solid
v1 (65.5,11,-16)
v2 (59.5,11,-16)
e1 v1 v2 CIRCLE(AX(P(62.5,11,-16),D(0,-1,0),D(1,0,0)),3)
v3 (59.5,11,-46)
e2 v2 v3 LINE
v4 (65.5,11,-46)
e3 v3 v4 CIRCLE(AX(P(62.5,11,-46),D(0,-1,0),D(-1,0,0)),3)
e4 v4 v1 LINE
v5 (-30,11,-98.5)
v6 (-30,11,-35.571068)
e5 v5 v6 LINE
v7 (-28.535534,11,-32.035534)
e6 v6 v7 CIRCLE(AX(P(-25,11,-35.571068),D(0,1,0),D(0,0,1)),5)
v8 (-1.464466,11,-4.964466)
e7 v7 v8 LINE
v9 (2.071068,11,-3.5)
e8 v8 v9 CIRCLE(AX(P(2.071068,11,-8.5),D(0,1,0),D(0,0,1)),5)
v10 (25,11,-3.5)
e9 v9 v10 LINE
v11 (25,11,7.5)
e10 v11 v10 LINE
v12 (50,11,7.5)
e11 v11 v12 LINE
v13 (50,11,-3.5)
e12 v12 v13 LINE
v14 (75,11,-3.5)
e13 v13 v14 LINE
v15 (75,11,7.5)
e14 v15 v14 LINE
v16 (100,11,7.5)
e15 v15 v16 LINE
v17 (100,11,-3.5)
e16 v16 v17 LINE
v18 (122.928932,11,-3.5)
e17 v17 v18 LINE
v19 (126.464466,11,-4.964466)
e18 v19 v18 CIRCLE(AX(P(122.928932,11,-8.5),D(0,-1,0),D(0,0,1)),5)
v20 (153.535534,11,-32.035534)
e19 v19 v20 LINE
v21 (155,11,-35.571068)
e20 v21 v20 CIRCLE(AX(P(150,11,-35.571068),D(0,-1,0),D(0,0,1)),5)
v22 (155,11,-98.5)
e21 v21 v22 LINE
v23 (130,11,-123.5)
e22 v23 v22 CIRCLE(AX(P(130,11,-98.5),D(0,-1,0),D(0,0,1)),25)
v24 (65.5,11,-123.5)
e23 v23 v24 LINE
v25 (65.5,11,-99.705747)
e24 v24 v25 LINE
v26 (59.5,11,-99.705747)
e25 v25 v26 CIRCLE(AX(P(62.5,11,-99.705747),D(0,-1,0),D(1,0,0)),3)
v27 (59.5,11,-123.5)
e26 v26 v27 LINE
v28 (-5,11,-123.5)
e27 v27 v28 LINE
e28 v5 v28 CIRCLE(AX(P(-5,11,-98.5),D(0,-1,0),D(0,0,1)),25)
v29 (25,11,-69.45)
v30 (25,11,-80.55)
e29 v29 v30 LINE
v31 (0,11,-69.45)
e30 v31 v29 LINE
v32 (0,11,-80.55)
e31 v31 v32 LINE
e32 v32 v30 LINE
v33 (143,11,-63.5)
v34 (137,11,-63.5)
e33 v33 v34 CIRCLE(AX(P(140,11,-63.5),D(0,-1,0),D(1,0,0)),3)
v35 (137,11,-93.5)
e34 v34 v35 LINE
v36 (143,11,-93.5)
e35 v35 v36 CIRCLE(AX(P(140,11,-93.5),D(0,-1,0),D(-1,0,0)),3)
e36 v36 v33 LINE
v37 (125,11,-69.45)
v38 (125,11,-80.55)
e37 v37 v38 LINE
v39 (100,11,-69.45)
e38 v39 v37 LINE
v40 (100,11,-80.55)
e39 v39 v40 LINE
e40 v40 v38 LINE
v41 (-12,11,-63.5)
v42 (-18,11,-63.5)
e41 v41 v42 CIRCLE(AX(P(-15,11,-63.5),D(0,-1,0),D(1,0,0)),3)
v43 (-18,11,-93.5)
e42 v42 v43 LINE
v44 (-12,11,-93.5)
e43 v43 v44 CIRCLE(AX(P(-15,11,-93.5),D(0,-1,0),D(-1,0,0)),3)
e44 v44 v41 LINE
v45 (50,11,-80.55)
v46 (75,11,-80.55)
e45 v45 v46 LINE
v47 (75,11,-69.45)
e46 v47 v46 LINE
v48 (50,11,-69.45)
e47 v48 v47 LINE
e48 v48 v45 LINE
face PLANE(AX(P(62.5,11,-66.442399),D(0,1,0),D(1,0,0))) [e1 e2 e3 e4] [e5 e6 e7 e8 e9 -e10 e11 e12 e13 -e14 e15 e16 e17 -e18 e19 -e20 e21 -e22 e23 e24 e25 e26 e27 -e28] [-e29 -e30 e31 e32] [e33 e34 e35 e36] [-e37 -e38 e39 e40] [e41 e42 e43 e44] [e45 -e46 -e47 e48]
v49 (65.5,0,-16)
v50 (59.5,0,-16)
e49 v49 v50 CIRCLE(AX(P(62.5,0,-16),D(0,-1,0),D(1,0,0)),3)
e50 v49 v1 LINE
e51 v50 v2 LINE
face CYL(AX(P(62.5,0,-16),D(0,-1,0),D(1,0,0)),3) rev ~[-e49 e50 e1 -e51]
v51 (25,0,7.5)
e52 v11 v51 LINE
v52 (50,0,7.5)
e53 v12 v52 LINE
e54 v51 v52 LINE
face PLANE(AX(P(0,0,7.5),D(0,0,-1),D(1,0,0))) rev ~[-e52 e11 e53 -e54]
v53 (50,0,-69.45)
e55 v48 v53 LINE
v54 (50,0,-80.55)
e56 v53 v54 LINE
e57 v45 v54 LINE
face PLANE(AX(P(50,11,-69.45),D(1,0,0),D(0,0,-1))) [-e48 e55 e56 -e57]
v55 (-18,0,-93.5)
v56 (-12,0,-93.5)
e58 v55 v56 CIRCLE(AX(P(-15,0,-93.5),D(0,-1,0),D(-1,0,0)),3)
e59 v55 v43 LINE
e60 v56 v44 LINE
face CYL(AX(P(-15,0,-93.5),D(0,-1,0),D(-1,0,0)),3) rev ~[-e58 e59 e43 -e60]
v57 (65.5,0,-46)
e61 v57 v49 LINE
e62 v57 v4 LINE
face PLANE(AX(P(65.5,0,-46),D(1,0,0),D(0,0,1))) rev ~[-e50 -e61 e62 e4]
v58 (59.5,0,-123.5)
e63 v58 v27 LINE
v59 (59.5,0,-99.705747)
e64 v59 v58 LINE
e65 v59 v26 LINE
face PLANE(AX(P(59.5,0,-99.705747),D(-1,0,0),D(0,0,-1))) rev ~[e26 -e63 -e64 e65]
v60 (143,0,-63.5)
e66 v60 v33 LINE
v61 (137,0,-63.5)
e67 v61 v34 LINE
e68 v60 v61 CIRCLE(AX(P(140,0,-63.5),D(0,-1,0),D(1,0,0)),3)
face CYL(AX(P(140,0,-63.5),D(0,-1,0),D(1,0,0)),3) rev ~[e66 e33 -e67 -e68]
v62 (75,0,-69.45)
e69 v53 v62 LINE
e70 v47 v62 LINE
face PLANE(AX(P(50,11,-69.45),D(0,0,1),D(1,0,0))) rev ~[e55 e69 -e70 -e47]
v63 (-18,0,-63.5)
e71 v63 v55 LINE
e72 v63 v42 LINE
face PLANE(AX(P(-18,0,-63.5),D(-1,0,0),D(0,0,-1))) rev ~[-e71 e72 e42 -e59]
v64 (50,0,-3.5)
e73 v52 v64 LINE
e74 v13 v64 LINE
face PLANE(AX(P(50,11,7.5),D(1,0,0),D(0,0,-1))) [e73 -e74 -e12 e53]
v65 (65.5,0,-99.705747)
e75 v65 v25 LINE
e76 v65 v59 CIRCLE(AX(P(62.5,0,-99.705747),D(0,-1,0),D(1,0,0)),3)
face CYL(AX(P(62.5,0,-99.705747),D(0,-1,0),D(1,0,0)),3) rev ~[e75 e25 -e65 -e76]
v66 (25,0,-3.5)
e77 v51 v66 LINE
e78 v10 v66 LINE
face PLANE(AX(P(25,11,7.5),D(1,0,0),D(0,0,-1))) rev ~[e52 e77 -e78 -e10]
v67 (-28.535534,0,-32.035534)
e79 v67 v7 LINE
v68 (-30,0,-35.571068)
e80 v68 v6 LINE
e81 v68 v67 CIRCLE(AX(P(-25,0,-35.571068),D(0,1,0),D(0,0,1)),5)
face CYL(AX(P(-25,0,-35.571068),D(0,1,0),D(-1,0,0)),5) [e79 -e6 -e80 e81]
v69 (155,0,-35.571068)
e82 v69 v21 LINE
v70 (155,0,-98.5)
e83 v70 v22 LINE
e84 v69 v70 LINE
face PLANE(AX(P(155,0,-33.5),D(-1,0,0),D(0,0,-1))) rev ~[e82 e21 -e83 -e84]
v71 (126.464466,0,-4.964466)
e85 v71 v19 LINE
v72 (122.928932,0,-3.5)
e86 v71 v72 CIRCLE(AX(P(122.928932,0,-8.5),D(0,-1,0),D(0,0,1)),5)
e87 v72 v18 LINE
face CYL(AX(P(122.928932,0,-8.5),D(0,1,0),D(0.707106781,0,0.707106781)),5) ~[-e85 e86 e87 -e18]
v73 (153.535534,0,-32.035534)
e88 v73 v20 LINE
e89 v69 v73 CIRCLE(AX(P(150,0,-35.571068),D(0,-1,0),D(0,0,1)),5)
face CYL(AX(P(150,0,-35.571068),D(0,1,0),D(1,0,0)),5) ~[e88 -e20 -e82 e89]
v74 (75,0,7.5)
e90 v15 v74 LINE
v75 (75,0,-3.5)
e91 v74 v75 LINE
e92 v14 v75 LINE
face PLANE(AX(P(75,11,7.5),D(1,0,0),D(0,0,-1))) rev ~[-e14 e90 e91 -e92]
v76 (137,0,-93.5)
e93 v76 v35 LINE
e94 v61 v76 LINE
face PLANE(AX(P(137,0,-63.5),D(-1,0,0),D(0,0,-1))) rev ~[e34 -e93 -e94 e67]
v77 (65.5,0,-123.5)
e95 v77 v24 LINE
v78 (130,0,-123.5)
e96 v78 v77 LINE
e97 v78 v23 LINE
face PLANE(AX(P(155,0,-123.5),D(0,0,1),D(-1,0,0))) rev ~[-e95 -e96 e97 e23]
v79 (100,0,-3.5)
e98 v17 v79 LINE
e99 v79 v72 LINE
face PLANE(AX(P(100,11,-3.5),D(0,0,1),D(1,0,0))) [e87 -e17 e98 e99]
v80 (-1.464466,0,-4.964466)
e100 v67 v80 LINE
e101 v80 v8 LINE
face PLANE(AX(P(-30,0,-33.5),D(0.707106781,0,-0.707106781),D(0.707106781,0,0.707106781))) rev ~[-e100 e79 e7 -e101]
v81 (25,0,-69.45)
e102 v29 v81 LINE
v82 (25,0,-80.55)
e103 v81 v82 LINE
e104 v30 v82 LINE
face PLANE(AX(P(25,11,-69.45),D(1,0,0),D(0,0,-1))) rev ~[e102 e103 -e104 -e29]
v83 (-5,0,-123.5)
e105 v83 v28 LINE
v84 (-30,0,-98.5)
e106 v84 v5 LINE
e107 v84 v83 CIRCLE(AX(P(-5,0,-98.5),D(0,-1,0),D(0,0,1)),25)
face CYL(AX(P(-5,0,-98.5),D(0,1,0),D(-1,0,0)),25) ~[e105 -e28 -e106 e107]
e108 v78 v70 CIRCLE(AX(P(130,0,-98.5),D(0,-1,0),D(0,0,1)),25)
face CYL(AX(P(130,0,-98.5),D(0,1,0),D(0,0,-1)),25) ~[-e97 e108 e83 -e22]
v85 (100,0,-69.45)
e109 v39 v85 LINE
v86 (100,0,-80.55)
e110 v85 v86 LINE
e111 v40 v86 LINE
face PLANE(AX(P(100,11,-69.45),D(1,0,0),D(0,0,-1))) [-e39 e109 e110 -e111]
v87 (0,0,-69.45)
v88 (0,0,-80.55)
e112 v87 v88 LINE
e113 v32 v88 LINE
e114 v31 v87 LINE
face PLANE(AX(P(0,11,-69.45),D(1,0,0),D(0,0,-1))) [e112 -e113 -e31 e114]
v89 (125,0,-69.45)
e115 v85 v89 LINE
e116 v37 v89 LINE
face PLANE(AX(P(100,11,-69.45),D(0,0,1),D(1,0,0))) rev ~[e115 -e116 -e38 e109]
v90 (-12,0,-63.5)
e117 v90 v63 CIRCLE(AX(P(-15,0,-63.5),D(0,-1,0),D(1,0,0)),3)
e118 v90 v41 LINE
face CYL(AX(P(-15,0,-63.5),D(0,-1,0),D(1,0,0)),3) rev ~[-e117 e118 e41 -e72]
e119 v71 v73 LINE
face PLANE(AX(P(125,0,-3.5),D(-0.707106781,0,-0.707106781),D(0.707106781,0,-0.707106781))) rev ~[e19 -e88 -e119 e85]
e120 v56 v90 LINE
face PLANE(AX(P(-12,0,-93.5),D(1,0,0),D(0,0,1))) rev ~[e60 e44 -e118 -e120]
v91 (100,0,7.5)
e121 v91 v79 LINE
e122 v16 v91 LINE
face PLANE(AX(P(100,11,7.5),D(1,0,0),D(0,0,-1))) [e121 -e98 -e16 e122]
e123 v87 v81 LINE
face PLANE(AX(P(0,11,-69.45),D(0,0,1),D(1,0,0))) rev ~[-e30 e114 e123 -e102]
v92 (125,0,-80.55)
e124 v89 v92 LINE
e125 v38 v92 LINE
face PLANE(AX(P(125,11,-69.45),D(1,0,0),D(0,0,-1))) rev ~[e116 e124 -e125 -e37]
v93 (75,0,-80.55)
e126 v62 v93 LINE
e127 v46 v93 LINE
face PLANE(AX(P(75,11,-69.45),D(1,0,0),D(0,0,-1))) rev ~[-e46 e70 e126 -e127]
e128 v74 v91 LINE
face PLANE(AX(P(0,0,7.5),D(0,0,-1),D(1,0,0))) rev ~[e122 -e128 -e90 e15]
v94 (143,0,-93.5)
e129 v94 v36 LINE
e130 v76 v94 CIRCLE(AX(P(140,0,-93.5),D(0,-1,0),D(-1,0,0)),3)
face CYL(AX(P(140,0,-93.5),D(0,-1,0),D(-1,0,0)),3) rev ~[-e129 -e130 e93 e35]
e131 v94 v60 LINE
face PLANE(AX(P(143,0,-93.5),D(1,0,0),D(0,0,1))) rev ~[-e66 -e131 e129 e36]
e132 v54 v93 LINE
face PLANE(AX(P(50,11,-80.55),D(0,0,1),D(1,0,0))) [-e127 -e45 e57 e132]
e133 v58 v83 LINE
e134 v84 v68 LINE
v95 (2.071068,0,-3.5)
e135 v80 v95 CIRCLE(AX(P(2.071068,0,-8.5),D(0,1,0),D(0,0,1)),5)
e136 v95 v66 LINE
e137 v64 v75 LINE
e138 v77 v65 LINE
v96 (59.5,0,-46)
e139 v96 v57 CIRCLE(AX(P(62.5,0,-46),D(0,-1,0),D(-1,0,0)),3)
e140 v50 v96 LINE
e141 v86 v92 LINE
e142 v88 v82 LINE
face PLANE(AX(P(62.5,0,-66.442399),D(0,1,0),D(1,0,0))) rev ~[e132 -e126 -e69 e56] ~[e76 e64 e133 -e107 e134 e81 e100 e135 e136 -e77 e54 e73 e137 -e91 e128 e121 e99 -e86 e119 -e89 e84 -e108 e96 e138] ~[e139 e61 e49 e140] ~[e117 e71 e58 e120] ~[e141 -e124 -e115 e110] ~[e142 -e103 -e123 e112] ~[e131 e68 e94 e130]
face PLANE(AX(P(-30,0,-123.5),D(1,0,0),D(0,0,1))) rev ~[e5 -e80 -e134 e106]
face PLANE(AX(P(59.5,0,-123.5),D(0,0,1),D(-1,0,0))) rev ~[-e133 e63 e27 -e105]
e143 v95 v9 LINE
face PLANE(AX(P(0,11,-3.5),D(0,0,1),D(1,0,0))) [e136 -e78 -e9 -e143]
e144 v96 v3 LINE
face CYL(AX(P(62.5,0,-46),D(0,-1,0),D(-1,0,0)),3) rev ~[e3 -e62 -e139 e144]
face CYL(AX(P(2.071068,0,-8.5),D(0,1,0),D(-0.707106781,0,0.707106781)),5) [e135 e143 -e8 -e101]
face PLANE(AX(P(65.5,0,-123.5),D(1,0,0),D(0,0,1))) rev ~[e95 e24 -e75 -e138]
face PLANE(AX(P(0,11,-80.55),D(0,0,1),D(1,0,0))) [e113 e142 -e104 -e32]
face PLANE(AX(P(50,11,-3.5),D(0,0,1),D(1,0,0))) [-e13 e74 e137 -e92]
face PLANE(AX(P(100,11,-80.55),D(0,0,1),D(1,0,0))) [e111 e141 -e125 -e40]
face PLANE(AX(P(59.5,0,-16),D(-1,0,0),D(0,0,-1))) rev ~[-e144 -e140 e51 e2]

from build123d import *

# Parameters (mm, degrees)
BOSS_EXTRUDE6_DEPTH = 11
SKETCH4_W           = 25
SKETCH4_H           = 11
SKETCH4_H_2         = 11.1
CUT_EXTRUDE1_DEPTH  = 12
FILLET1_R           = 25
FILLET2_R           = 5


with BuildPart() as part:
    # Sketch1 → Boss-Extrude6 (new body)
    with BuildSketch(Plane(origin=(0, 0, 0), x_dir=(1, 0, 0), z_dir=(0, 1, 0))):
        with BuildLine():
            Line((0, -7.5), (125, -7.5))
            Line((125, -7.5), (125, 3.5))
            Line((125, 3.5), (155, 33.5))
            Line((155, 33.5), (155, 123.5))
            Line((155, 123.5), (65.5, 123.5))
            Line((65.5, 123.5), (65.5, 99.705746838))
            ThreePointArc((65.5, 99.705746838), (62.5, 96.705746838), (59.5, 99.705746838))
            Line((59.5, 99.705746838), (59.5, 123.5))
            Line((59.5, 123.5), (-30, 123.5))
            Line((-30, 123.5), (-30, 33.5))
            Line((-30, 33.5), (0, 3.5))
            Line((0, 3.5), (0, -7.5))
        make_face()
        with BuildLine():
            Line((137, 63.5), (137, 93.5))
            ThreePointArc((137, 93.5), (140, 96.5), (143, 93.5))
            Line((143, 93.5), (143, 63.5))
            ThreePointArc((143, 63.5), (140, 60.5), (137, 63.5))
        make_face(mode=Mode.SUBTRACT)
        with BuildLine():
            Line((-18, 63.5), (-18, 93.5))
            ThreePointArc((-18, 93.5), (-15, 96.5), (-12, 93.5))
            Line((-12, 93.5), (-12, 63.5))
            ThreePointArc((-12, 63.5), (-15, 60.5), (-18, 63.5))
        make_face(mode=Mode.SUBTRACT)
        with BuildLine():
            Line((59.5, 16), (59.5, 46))
            ThreePointArc((59.5, 46), (62.5, 49), (65.5, 46))
            Line((65.5, 46), (65.5, 16))
            ThreePointArc((65.5, 16), (62.5, 13), (59.5, 16))
        make_face(mode=Mode.SUBTRACT)
    extrude(amount=BOSS_EXTRUDE6_DEPTH)

    # Sketch4 → Cut-Extrude1 (cut, through all)
    with BuildSketch(Plane(origin=(0, 11, 0), x_dir=(1, 0, 0), z_dir=(0, 1, 0))):
        with Locations((12.5, -2)):
            Rectangle(SKETCH4_W, SKETCH4_H)
        with Locations((62.5, -2)):
            Rectangle(SKETCH4_W, SKETCH4_H)
        with Locations((12.5, 75)):
            Rectangle(SKETCH4_W, SKETCH4_H_2)
        with Locations((112.5, -2)):
            Rectangle(SKETCH4_W, SKETCH4_H)
        with Locations((62.5, 75)):
            Rectangle(SKETCH4_W, SKETCH4_H_2)
        with Locations((112.5, 75)):
            Rectangle(SKETCH4_W, SKETCH4_H_2)
    extrude(amount=-CUT_EXTRUDE1_DEPTH, mode=Mode.SUBTRACT)

    # Fillet1
    fillet1_edges = [part.edges().sort_by_distance(p)[0] for p in [
        (-30, 5.5, -123.5),
        (155, 5.5, -123.5),
    ]]
    fillet(fillet1_edges, radius=FILLET1_R)

    # Fillet2
    fillet2_edges = [part.edges().sort_by_distance(p)[0] for p in [
        (0, 5.5, -3.5),
        (-30, 5.5, -33.5),
        (155, 5.5, -33.5),
        (125, 5.5, -3.5),
    ]]
    fillet(fillet2_edges, radius=FILLET2_R)


solid = part.part
